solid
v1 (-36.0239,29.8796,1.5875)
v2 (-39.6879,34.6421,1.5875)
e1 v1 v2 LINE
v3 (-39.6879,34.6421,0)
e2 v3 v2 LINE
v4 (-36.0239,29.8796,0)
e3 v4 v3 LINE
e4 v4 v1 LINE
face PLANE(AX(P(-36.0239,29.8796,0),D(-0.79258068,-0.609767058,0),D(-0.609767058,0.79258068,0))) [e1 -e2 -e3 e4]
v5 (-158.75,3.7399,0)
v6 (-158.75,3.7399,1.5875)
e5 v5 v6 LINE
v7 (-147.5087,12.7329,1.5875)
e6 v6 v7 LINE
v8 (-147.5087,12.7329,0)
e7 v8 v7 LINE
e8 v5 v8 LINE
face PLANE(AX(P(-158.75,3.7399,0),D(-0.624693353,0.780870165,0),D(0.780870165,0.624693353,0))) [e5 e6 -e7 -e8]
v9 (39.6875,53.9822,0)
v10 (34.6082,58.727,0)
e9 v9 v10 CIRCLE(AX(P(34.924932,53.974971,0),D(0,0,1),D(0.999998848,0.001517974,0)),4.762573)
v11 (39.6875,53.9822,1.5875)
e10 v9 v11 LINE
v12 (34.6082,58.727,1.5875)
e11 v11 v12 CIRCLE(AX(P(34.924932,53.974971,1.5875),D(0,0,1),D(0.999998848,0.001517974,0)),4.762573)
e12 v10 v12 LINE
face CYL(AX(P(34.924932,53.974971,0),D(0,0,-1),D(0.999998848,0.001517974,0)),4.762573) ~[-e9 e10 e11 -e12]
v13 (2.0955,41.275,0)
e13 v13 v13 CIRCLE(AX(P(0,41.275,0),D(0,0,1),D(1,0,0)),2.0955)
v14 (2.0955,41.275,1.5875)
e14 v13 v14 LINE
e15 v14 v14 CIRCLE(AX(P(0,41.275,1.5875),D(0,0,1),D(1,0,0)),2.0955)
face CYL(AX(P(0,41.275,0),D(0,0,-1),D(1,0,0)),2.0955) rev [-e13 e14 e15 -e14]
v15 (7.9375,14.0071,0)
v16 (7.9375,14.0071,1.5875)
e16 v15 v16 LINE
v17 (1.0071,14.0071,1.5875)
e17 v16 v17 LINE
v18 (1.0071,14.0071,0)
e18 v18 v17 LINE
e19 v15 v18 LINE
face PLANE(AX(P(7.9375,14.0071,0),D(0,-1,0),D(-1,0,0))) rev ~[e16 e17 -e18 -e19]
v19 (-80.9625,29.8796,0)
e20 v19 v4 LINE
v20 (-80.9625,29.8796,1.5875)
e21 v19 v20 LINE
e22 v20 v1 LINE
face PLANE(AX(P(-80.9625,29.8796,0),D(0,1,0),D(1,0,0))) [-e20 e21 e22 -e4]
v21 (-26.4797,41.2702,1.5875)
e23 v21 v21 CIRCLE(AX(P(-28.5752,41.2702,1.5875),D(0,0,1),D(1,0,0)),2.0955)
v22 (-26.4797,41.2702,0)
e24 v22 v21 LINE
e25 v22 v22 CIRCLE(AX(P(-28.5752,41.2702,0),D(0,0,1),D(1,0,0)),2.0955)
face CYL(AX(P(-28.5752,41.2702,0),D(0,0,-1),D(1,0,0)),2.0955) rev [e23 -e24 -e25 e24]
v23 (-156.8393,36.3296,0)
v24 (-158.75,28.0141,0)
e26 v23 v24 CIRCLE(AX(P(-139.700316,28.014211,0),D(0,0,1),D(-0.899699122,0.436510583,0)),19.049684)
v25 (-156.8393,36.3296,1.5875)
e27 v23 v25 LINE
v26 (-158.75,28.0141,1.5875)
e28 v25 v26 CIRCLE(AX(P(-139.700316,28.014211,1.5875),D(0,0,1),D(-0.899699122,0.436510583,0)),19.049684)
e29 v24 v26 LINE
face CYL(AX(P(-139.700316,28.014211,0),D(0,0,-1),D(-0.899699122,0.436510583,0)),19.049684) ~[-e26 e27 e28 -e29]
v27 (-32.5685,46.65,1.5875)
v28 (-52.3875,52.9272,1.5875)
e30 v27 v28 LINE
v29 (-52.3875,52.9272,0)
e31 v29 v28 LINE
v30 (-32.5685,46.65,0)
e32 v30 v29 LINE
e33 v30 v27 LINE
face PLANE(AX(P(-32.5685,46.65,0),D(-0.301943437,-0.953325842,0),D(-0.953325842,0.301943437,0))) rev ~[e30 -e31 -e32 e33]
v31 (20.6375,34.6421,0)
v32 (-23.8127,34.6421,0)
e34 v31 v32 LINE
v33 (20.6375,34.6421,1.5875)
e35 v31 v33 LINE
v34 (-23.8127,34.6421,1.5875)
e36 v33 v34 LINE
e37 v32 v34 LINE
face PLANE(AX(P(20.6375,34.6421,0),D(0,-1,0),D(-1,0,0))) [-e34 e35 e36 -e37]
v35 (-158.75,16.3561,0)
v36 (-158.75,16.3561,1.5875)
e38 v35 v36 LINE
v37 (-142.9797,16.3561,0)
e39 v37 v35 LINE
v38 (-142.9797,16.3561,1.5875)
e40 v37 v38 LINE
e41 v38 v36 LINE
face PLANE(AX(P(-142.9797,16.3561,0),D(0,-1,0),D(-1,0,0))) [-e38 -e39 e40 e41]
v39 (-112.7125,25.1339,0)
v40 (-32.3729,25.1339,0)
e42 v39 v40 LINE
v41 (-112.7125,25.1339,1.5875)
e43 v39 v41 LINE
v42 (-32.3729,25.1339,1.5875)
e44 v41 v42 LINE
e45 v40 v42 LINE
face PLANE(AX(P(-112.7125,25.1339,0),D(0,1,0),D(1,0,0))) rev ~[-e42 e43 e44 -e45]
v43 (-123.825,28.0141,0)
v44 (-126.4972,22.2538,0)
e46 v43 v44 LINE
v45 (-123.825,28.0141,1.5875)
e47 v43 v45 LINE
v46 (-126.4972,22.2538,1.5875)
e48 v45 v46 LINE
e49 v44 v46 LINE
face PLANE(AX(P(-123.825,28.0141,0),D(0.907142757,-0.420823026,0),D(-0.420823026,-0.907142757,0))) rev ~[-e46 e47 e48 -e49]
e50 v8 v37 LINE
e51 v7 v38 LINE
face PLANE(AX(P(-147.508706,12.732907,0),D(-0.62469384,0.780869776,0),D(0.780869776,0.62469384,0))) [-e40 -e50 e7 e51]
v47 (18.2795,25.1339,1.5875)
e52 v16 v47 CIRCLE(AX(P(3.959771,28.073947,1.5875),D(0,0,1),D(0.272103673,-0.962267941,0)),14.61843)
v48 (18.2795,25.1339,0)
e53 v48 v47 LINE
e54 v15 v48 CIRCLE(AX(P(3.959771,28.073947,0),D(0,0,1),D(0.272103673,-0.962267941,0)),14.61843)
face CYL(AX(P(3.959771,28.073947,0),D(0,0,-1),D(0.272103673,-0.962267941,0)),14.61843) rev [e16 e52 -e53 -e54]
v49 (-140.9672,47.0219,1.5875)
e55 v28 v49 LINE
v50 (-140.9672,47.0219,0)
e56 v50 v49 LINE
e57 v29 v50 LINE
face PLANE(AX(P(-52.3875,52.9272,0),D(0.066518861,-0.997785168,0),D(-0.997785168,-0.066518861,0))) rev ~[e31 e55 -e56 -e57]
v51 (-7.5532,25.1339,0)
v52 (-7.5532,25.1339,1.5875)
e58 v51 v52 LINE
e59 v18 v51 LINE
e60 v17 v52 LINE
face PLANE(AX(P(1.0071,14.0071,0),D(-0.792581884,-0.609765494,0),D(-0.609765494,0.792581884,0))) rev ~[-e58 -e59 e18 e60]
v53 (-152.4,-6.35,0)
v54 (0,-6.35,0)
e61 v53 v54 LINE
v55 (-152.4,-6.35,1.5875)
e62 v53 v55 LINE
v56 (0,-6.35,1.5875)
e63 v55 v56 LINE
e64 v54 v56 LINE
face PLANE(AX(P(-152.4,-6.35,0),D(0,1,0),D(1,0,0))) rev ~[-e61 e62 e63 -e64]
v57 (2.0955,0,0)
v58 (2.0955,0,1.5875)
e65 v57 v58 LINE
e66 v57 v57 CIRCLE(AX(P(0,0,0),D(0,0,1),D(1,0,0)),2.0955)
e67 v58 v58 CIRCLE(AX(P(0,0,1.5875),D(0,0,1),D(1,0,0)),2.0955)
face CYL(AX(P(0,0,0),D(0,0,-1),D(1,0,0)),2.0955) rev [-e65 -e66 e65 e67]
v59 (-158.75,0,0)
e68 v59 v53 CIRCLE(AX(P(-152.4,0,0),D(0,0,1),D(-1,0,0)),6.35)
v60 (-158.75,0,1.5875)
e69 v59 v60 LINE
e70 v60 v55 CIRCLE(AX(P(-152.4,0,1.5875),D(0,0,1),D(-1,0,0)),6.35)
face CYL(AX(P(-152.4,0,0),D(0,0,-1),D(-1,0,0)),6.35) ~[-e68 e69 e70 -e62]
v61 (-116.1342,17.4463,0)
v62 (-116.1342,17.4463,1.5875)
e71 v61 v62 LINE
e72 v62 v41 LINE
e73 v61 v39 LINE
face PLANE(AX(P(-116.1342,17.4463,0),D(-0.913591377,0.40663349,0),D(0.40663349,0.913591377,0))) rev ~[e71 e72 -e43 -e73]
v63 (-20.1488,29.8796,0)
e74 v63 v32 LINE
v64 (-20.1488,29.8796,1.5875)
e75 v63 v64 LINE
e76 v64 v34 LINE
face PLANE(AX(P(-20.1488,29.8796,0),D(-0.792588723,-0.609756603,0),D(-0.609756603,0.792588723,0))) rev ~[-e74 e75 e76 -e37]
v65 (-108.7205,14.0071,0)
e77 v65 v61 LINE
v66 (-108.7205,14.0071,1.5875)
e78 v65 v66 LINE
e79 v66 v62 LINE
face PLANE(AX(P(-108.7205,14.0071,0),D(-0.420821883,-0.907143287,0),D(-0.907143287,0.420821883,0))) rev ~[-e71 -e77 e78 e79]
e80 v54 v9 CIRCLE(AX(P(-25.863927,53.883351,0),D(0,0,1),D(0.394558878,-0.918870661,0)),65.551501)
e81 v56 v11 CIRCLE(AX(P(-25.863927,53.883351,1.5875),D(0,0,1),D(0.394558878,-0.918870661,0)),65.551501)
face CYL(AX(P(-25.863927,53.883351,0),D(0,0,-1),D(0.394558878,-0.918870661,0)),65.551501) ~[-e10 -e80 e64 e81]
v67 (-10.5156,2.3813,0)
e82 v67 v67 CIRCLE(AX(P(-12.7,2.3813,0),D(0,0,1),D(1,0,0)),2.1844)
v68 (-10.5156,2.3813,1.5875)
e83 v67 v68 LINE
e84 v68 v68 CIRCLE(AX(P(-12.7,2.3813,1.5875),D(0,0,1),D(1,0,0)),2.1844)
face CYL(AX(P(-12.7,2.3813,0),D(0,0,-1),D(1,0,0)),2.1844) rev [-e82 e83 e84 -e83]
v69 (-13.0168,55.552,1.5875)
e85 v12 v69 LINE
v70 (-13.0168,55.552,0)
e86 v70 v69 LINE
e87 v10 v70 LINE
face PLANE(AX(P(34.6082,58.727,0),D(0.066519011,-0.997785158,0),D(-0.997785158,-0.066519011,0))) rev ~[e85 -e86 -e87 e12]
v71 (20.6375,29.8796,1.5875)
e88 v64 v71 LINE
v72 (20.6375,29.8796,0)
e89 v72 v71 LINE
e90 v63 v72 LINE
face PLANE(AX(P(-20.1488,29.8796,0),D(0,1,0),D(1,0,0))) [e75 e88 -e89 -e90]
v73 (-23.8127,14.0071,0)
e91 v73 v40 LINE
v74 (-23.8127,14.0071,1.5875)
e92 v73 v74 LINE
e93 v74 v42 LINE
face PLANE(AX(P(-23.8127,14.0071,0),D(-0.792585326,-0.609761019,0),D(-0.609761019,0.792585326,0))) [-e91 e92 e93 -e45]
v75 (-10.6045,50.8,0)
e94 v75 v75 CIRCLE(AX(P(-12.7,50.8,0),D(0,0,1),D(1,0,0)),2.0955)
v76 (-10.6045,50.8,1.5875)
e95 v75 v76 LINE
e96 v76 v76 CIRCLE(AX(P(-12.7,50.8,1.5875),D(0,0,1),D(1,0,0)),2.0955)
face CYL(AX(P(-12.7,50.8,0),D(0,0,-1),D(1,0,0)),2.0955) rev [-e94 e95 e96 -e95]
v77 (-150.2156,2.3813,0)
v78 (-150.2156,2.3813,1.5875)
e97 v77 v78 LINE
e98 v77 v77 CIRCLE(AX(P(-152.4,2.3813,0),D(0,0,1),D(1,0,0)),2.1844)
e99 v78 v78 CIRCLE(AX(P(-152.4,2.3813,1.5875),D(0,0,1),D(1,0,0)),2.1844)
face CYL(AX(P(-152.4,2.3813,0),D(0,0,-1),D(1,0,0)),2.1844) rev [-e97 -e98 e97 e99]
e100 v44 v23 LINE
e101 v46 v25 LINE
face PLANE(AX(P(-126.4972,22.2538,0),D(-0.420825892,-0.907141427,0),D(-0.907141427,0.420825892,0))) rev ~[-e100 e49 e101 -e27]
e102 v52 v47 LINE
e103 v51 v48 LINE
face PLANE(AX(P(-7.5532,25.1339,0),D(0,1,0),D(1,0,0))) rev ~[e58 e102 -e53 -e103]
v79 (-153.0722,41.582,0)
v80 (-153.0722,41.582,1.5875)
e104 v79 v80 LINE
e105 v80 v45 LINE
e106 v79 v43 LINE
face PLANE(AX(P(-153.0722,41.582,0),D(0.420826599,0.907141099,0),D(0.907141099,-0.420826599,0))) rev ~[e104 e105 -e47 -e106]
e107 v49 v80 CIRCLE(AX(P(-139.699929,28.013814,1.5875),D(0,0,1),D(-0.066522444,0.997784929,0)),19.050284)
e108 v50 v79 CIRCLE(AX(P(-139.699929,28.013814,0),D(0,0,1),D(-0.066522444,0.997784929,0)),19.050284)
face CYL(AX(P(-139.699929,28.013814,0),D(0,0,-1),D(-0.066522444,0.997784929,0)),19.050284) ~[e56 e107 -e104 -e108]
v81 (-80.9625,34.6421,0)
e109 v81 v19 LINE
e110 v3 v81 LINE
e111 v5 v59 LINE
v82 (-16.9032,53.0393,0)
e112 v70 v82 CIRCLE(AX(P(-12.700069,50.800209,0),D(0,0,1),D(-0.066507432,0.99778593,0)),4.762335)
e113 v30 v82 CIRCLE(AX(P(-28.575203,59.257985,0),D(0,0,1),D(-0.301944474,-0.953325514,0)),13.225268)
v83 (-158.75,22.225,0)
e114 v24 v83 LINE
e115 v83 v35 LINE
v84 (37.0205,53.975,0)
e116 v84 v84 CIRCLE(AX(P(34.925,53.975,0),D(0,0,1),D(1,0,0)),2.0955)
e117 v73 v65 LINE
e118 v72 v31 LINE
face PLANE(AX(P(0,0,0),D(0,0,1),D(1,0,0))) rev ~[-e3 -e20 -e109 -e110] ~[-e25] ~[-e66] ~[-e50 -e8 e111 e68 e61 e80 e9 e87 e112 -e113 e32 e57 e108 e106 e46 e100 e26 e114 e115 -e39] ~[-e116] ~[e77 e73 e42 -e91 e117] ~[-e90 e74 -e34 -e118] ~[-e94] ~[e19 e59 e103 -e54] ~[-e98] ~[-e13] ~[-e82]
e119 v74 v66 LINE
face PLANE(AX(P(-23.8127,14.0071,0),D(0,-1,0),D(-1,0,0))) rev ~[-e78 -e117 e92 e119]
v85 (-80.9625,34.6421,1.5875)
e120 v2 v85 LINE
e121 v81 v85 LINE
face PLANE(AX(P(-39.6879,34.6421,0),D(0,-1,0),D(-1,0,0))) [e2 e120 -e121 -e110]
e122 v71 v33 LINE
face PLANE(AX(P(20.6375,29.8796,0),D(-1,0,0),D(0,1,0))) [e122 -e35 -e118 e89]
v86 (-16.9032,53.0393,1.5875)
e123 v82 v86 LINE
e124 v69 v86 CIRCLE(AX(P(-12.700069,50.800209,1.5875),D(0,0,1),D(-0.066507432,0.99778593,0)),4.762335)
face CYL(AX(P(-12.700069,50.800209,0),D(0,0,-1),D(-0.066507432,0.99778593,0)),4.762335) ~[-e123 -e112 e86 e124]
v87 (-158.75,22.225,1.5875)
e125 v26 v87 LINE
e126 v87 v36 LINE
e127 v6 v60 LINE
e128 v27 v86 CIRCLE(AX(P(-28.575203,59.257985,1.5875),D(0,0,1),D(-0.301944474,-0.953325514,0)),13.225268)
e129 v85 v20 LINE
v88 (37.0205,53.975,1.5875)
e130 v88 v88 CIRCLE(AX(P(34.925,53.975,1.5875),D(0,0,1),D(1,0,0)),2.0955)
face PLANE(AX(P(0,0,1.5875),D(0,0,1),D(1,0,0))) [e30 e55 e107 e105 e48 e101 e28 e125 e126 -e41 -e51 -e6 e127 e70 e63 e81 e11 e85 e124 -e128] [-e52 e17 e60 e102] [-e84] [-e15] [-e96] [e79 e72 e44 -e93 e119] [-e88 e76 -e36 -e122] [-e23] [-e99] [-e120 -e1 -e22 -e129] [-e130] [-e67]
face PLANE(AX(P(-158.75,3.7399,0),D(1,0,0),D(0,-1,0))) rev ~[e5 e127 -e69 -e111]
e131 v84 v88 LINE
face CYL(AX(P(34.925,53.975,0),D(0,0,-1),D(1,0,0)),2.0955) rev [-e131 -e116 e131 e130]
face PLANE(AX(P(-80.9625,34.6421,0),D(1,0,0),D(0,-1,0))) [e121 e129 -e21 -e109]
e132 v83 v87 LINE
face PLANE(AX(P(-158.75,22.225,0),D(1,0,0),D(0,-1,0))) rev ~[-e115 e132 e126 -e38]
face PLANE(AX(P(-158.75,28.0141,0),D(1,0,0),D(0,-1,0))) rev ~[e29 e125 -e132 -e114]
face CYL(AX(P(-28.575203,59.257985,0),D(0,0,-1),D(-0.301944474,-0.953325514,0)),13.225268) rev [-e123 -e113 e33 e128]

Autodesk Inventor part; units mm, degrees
ref_plane "YZ Plane" through (0, 0, 0) normal (1, 0, 0) x (0, 1, 0)
ref_plane "XZ Plane" through (0, 0, 0) normal (0, 1, 0) x (-1, 0, 0)
ref_plane "XY Plane" through (0, 0, 0) normal (0, 0, 1) x (1, 0, 0)
sketch "Sketch1" plane through (0, 0, 0) normal (0, 0, 1) x (1, 0, 0)
  circle A0 centre (0, 0) radius 2.0955
  arc A1 (0, -6.35) -> (2.9931, -5.6004) centre (0, 0) ccw
  arc A2 (-158.75, 0) -> (-152.4, -6.35) centre (-152.4, 0) ccw
  line L0 (-152.4, -6.35) -> (0, -6.35)
  line L1 (-158.75, 28.575) -> (-158.75, 22.225)
  circle A3 centre (-12.7, 2.3813) radius 2.1844
  circle A4 centre (-152.4, 2.3813) radius 2.1844
  circle A5 centre (0, 41.275) radius 2.0955
  circle A6 centre (34.925, 53.975) radius 2.0955
  arc A7 (39.6875, 53.9822) -> (34.6082, 58.727) centre (34.925, 53.975) ccw
  arc A8 (0, -6.35) -> (39.6875, 53.9822) centre (-25.8638, 53.8832) ccw
  circle A9 centre (-12.7, 50.8) radius 2.0955
  arc A10 (-13.0168, 55.552) -> (-16.9032, 53.0393) centre (-12.7, 50.8) ccw
  circle A11 centre (-28.5752, 41.2702) radius 2.0955
  arc A12 (-32.5685, 46.65) -> (-16.9032, 53.0393) centre (-28.5752, 59.2579) ccw
  line L2 (-32.5685, 46.65) -> (-52.3875, 52.9272)
  line L3 (34.6082, 58.727) -> (-13.0168, 55.552)
  line L4 (-52.3875, 52.9272) -> (-140.9672, 47.0219)
  line L5 (-153.0722, 41.582) -> (-123.825, 28.0141)
  line L6 (-123.825, 28.0141) -> (-126.4972, 22.2538)
  line L7 (-80.9625, 34.6421) -> (-80.9625, 29.8796)
  line L8 (20.6375, 29.8796) -> (20.6375, 34.6421)
  line L9 (-116.1342, 17.4463) -> (-112.7125, 25.1339)
  line L10 (-112.7125, 25.1339) -> (-32.3729, 25.1339)
  line L11 (-7.5532, 25.1339) -> (18.2795, 25.1339)
  line L12 (7.9375, 14.0071) -> (1.0071, 14.0071)
  line L13 (-23.8127, 14.0071) -> (-108.7205, 14.0071)
  line L14 (-80.9625, 29.8796) -> (-36.0239, 29.8796)
  line L15 (-20.1488, 29.8796) -> (20.6375, 29.8796)
  line L16 (-23.8127, 14.0071) -> (-32.3729, 25.1339)
  line L17 (-36.0239, 29.8796) -> (-39.6879, 34.6421)
  line L18 (20.6375, 34.6421) -> (-23.8127, 34.6421)
  line L19 (-39.6879, 34.6421) -> (-80.9625, 34.6421)
  line L20 (1.0071, 14.0071) -> (-7.5532, 25.1339)
  line L21 (-20.1488, 29.8796) -> (-23.8127, 34.6421)
  arc A13 (-140.9672, 47.0219) -> (-153.0722, 41.582) centre (-139.7, 28.0141) ccw
  arc A14 (-156.8393, 36.3296) -> (-158.75, 28.0141) centre (-139.7, 28.0141) ccw
  line L22 (-108.7205, 14.0071) -> (-116.1342, 17.4463)
  line L23 (-126.4972, 22.2538) -> (-156.8393, 36.3296)
  line L24 (-158.75, 3.7399) -> (-147.5087, 12.7329)
  line L25 (-158.75, 3.7399) -> (-142.9797, 16.3561)
  line L26 (-142.9797, 16.3561) -> (-158.75, 16.3561)
  line L27 (-158.75, 28.0141) -> (-158.75, 16.3561)
  line L28 (-158.75, 3.7399) -> (-158.75, 0)
  arc A15 (7.9375, 14.0071) -> (18.2795, 25.1339) centre (3.9598, 28.0739) ccw
  dimension "d36" = 4.191
  dimension "d52" = 4.3688
  dimension "d53" = 4.3688
  dimension "d54" = 4.191
  dimension "d57" = 4.191
  dimension "d59" = 4.191
  dimension "d63" = 4.191
  dimension "d66" = 4.7625
  dimension "d70" = 20.1958
extrude "Extrusion1" add sketch "Sketch1" along normal blind 1.5875
equation "\"BendRadius\" = Thickness"
equation "\"BendReliefWidth\" = Thickness"
equation "\"BendReliefDepth\" = 0.5 * Thickness"
equation "\"CornerReliefSize\" = 4 * Thickness"
equation "\"MinimumRemnant\" = 2 * Thickness"
equation "\"TransitionRadius\" = BendRadius"
equation "\"JacobiRadiusSize\" = BendRadius"
equation "\"GapSize\" = Thickness"
equation "\"Thickness\" = 1.5875"
properties part number "sled" material "Acetal Resin, White"
